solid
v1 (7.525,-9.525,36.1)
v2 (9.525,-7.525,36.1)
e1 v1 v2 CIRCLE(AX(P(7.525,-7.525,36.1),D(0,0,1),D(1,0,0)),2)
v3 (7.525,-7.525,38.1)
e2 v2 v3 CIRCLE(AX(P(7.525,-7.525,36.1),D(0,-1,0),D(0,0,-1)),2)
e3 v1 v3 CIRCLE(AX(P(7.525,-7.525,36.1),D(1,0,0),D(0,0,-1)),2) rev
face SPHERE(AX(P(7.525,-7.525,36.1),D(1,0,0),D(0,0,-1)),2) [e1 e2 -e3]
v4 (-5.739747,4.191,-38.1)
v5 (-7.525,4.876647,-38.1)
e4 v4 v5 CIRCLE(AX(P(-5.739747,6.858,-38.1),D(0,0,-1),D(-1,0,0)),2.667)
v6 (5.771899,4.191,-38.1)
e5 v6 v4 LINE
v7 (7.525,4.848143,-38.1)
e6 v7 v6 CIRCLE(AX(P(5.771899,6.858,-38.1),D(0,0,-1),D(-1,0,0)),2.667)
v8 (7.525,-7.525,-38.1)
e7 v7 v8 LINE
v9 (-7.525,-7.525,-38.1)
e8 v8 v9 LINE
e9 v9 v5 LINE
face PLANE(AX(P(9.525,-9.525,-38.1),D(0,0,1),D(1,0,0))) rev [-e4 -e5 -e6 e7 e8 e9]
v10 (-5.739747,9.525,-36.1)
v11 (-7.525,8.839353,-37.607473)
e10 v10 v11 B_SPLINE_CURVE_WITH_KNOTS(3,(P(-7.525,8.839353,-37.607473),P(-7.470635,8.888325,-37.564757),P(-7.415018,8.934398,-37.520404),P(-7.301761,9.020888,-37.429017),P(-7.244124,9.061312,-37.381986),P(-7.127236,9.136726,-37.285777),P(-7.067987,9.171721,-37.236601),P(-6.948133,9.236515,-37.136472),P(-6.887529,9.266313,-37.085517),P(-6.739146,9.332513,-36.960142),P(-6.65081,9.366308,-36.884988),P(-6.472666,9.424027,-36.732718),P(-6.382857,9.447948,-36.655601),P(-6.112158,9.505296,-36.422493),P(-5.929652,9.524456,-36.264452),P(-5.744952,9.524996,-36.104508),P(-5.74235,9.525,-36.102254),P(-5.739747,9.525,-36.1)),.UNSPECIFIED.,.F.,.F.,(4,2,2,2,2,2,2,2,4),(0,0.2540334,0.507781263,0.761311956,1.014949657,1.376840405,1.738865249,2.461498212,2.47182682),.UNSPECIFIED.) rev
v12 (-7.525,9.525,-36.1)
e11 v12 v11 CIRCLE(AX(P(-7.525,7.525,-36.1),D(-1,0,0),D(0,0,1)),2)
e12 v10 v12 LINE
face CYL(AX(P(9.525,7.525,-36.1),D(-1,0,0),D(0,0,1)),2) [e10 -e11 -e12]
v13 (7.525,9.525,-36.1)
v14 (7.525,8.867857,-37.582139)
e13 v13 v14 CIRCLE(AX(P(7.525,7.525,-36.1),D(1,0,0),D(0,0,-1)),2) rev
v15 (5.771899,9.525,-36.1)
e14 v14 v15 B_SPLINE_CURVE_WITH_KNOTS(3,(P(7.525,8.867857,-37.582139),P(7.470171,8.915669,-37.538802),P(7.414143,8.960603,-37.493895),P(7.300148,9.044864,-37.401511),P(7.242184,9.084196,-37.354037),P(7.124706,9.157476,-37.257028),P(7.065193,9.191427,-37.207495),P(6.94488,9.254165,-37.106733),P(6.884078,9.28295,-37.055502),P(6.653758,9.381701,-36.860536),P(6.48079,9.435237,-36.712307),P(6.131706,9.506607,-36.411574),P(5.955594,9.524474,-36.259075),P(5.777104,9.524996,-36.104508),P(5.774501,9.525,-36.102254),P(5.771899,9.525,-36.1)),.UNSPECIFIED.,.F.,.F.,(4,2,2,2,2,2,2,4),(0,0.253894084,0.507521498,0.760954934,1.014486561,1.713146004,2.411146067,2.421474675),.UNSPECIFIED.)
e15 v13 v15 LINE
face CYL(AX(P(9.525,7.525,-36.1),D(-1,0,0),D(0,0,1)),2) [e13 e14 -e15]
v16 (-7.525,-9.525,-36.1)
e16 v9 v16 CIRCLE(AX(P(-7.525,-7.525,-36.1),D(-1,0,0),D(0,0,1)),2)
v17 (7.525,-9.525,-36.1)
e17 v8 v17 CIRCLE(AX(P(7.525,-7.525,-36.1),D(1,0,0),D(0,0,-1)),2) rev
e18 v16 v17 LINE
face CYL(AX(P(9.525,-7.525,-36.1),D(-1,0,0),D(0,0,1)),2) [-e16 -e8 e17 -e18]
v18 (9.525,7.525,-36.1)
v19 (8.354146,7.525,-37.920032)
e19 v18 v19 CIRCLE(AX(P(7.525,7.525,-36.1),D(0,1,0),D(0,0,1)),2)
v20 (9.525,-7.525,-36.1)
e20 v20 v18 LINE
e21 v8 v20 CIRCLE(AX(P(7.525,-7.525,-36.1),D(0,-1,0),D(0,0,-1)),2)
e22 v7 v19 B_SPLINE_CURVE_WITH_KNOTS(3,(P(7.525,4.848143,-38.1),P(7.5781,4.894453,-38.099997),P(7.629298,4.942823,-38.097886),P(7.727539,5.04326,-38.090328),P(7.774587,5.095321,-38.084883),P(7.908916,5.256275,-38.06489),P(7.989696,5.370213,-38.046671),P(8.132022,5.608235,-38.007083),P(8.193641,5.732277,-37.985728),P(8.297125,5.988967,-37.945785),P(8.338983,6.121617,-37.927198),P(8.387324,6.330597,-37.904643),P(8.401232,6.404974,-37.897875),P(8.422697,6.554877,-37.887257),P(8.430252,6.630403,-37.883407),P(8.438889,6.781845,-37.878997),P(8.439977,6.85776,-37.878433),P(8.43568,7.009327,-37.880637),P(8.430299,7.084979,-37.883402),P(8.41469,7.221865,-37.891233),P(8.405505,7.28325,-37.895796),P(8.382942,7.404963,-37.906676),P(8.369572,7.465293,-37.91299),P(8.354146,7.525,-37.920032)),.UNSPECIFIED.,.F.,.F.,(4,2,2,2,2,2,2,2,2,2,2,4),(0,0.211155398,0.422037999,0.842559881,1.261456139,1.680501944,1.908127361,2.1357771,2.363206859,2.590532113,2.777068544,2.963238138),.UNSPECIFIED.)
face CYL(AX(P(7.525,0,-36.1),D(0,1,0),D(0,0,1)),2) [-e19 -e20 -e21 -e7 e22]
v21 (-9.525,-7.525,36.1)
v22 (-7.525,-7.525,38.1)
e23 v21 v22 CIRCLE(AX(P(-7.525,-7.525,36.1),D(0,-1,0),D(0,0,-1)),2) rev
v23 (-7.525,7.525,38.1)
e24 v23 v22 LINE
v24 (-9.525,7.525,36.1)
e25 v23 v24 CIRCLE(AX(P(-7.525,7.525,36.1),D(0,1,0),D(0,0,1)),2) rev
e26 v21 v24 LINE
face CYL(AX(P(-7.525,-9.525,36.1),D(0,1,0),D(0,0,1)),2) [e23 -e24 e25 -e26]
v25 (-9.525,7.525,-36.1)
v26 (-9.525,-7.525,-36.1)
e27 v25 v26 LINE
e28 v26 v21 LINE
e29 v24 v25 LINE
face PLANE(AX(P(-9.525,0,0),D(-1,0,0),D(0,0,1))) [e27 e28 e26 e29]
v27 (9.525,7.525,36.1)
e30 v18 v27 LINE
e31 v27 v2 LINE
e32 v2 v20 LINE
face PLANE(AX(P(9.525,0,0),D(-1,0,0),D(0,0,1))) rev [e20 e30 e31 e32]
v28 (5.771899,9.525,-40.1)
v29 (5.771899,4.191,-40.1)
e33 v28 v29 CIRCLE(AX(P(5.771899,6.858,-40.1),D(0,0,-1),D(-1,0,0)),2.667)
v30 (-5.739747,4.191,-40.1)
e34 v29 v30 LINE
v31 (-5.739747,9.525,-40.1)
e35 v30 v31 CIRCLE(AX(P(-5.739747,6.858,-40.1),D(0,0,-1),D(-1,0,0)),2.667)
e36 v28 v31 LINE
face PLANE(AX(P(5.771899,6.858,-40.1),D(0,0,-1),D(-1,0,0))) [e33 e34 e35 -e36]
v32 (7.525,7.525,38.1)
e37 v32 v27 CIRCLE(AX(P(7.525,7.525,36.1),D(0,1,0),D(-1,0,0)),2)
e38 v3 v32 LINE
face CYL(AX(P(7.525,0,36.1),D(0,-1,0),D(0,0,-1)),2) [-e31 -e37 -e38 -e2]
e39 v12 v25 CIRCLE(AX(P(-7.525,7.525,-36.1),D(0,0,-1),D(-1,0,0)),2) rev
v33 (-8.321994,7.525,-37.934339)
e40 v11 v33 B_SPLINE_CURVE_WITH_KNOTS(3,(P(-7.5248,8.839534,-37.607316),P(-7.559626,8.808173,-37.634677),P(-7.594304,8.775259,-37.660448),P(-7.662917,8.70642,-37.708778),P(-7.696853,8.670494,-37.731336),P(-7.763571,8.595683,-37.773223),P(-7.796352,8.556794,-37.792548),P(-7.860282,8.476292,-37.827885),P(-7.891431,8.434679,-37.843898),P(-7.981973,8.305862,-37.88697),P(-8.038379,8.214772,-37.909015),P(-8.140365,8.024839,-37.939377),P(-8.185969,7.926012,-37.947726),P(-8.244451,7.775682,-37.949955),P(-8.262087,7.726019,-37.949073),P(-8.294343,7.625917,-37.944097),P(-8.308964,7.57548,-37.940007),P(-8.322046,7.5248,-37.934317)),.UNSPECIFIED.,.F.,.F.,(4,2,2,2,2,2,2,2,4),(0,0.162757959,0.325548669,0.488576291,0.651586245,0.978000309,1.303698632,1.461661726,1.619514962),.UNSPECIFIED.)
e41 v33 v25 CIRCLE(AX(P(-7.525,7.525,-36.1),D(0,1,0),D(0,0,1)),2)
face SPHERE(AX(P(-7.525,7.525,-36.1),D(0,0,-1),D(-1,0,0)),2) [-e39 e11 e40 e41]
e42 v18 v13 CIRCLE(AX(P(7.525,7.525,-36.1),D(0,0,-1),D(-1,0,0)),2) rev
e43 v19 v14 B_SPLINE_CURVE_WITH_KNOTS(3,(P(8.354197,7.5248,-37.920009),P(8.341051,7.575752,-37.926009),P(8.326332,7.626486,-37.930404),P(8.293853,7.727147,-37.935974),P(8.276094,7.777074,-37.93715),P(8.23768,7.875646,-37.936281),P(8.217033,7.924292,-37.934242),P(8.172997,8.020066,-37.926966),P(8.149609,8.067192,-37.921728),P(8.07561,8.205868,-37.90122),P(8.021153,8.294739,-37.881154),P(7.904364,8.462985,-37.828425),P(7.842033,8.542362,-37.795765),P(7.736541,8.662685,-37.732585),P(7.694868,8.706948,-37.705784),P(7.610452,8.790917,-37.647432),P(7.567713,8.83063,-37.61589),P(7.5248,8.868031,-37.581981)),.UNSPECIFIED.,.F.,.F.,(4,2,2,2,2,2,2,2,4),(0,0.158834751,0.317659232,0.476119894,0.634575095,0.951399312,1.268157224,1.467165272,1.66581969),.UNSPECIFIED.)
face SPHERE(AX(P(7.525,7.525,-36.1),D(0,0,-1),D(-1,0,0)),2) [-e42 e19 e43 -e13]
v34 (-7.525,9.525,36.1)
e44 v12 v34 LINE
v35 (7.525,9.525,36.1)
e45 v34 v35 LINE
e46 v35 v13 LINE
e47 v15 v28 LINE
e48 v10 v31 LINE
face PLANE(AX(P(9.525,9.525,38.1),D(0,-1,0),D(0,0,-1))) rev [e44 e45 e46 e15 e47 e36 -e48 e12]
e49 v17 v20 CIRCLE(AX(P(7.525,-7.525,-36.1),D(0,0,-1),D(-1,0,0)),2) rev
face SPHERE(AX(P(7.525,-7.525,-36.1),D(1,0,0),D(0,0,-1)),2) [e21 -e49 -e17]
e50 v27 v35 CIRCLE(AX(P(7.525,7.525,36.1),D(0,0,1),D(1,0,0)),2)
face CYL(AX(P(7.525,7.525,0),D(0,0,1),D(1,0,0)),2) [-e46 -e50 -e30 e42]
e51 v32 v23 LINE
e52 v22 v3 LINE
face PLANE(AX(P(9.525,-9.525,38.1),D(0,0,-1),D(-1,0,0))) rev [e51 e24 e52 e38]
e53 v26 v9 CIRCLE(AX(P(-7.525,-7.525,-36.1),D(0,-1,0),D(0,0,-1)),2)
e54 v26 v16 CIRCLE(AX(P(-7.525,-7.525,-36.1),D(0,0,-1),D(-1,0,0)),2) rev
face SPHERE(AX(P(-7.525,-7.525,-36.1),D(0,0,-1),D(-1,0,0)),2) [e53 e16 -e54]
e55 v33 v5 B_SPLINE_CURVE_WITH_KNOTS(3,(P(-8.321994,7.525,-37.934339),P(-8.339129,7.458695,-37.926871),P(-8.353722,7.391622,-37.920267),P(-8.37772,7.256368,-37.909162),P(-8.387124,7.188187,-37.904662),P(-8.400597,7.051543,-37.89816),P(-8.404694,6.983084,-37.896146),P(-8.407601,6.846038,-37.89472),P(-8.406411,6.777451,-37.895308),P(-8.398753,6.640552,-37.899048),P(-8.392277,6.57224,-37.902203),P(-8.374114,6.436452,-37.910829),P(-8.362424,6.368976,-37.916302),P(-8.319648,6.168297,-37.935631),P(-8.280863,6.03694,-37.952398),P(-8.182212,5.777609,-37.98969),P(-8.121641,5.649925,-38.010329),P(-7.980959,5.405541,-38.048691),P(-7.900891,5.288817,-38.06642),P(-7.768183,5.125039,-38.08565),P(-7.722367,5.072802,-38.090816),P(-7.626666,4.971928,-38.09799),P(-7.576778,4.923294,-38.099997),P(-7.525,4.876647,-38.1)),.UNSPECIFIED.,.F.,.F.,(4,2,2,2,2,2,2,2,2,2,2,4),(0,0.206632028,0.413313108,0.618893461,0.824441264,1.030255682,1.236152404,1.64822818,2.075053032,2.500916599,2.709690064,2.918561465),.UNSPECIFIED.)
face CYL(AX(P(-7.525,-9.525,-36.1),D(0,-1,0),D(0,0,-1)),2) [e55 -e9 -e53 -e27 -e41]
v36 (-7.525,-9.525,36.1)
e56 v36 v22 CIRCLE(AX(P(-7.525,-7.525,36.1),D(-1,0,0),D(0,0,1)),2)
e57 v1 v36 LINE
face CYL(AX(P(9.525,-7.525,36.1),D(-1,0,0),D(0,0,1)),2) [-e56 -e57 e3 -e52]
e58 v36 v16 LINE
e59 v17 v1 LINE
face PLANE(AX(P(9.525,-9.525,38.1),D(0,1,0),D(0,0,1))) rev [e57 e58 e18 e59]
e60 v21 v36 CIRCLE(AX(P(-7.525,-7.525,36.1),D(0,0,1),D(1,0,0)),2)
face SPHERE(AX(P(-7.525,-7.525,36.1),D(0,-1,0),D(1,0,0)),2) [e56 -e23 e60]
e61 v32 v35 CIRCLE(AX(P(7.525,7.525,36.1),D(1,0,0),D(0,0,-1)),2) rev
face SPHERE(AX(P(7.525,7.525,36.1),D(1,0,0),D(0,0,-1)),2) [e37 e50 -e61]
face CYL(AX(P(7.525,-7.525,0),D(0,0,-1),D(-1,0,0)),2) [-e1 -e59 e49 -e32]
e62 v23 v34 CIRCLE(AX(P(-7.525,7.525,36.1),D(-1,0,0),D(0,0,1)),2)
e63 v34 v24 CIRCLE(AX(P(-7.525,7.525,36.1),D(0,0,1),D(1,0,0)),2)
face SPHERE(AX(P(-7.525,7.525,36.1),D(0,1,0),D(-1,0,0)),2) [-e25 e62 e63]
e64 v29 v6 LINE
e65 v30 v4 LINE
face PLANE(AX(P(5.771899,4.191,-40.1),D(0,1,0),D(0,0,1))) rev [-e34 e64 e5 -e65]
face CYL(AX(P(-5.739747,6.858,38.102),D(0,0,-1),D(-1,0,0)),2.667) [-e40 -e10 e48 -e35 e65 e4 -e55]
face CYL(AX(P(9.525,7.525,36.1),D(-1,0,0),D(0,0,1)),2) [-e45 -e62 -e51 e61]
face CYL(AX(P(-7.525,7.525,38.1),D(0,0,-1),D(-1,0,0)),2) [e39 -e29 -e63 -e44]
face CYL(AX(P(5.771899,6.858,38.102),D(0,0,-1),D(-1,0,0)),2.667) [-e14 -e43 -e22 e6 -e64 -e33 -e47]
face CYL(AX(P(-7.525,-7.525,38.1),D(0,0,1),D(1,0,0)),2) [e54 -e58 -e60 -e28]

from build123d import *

# Parameters (mm, degrees)
SKETCH1_W                       = 76.2
SKETCH1_H                       = 19.05
BOSS_EXTRUDE1_DEPTH             = 9.525
FILLET1_R                       = 2
BOSS_EXTRUDE2_DEPTH             = 2
BOSS_EXTRUDE2_DIRECTION_2_REACH = 79.381


with BuildPart() as part:
    # Sketch1 → Boss-Extrude1 (new, symmetric)
    with BuildSketch(Plane(origin=(0, 0, 0), x_dir=(0, 0, -1), z_dir=(1, 0, 0))):
        Rectangle(SKETCH1_W, SKETCH1_H)
    extrude(amount=BOSS_EXTRUDE1_DEPTH, both=True)

    # Fillet1
    fillet1_edges = [part.edges().sort_by_distance(p)[0] for p in [
        (9.525, 0, 38.1),
        (9.525, -9.525, 0),
        (9.525, 0, -38.1),
        (-9.525, -9.525, 0),
        (-9.525, 0, 38.1),
        (-9.525, 9.525, 0),
        (-9.525, 0, -38.1),
        (0, -9.525, -38.1),
        (0, -9.525, 38.1),
        (0, 9.525, 38.1),
        (0, 9.525, -38.1),
        (9.525, 9.525, 0),
    ]]
    fillet(fillet1_edges, radius=FILLET1_R)

    # Sketch2 → Boss-Extrude2 (add)
    with BuildSketch(Plane(origin=(0, 0, -38.1), x_dir=(-1, 0, 0), z_dir=(0, 0, -1))):
        with BuildLine():
            Line((-5.771898524, 9.525), (5.739747172, 9.525))
            ThreePointArc((5.739747172, 9.525), (8.406747172, 6.858), (5.739747172, 4.191))
            Line((5.739747172, 4.191), (-5.771898524, 4.191))
            ThreePointArc((-5.771898524, 4.191), (-8.438898524, 6.858), (-5.771898524, 9.525))
        make_face()
    extrude(amount=BOSS_EXTRUDE2_DEPTH)

    # Sketch2 → Boss-Extrude2 direction 2 (add, up to next)
    with BuildSketch(Plane(origin=(0, 0, -38.1), x_dir=(-1, 0, 0), z_dir=(0, 0, -1)), mode=Mode.PRIVATE) as boss_extrude2_direction_2_sk1:
        with BuildLine():
            Line((-5.771898524, 9.525), (5.739747172, 9.525))
            ThreePointArc((5.739747172, 9.525), (8.406747172, 6.858), (5.739747172, 4.191))
            Line((5.739747172, 4.191), (-5.771898524, 4.191))
            ThreePointArc((-5.771898524, 4.191), (-8.438898524, 6.858), (-5.771898524, 9.525))
        make_face()
    boss_extrude2_direction_2_tool1 = extrude(boss_extrude2_direction_2_sk1.sketch, amount=-BOSS_EXTRUDE2_DIRECTION_2_REACH, mode=Mode.PRIVATE) - part.part
    add(boss_extrude2_direction_2_tool1.solids().sort_by_distance((0.016076, 6.858, -38.1))[0])


solid = part.part
